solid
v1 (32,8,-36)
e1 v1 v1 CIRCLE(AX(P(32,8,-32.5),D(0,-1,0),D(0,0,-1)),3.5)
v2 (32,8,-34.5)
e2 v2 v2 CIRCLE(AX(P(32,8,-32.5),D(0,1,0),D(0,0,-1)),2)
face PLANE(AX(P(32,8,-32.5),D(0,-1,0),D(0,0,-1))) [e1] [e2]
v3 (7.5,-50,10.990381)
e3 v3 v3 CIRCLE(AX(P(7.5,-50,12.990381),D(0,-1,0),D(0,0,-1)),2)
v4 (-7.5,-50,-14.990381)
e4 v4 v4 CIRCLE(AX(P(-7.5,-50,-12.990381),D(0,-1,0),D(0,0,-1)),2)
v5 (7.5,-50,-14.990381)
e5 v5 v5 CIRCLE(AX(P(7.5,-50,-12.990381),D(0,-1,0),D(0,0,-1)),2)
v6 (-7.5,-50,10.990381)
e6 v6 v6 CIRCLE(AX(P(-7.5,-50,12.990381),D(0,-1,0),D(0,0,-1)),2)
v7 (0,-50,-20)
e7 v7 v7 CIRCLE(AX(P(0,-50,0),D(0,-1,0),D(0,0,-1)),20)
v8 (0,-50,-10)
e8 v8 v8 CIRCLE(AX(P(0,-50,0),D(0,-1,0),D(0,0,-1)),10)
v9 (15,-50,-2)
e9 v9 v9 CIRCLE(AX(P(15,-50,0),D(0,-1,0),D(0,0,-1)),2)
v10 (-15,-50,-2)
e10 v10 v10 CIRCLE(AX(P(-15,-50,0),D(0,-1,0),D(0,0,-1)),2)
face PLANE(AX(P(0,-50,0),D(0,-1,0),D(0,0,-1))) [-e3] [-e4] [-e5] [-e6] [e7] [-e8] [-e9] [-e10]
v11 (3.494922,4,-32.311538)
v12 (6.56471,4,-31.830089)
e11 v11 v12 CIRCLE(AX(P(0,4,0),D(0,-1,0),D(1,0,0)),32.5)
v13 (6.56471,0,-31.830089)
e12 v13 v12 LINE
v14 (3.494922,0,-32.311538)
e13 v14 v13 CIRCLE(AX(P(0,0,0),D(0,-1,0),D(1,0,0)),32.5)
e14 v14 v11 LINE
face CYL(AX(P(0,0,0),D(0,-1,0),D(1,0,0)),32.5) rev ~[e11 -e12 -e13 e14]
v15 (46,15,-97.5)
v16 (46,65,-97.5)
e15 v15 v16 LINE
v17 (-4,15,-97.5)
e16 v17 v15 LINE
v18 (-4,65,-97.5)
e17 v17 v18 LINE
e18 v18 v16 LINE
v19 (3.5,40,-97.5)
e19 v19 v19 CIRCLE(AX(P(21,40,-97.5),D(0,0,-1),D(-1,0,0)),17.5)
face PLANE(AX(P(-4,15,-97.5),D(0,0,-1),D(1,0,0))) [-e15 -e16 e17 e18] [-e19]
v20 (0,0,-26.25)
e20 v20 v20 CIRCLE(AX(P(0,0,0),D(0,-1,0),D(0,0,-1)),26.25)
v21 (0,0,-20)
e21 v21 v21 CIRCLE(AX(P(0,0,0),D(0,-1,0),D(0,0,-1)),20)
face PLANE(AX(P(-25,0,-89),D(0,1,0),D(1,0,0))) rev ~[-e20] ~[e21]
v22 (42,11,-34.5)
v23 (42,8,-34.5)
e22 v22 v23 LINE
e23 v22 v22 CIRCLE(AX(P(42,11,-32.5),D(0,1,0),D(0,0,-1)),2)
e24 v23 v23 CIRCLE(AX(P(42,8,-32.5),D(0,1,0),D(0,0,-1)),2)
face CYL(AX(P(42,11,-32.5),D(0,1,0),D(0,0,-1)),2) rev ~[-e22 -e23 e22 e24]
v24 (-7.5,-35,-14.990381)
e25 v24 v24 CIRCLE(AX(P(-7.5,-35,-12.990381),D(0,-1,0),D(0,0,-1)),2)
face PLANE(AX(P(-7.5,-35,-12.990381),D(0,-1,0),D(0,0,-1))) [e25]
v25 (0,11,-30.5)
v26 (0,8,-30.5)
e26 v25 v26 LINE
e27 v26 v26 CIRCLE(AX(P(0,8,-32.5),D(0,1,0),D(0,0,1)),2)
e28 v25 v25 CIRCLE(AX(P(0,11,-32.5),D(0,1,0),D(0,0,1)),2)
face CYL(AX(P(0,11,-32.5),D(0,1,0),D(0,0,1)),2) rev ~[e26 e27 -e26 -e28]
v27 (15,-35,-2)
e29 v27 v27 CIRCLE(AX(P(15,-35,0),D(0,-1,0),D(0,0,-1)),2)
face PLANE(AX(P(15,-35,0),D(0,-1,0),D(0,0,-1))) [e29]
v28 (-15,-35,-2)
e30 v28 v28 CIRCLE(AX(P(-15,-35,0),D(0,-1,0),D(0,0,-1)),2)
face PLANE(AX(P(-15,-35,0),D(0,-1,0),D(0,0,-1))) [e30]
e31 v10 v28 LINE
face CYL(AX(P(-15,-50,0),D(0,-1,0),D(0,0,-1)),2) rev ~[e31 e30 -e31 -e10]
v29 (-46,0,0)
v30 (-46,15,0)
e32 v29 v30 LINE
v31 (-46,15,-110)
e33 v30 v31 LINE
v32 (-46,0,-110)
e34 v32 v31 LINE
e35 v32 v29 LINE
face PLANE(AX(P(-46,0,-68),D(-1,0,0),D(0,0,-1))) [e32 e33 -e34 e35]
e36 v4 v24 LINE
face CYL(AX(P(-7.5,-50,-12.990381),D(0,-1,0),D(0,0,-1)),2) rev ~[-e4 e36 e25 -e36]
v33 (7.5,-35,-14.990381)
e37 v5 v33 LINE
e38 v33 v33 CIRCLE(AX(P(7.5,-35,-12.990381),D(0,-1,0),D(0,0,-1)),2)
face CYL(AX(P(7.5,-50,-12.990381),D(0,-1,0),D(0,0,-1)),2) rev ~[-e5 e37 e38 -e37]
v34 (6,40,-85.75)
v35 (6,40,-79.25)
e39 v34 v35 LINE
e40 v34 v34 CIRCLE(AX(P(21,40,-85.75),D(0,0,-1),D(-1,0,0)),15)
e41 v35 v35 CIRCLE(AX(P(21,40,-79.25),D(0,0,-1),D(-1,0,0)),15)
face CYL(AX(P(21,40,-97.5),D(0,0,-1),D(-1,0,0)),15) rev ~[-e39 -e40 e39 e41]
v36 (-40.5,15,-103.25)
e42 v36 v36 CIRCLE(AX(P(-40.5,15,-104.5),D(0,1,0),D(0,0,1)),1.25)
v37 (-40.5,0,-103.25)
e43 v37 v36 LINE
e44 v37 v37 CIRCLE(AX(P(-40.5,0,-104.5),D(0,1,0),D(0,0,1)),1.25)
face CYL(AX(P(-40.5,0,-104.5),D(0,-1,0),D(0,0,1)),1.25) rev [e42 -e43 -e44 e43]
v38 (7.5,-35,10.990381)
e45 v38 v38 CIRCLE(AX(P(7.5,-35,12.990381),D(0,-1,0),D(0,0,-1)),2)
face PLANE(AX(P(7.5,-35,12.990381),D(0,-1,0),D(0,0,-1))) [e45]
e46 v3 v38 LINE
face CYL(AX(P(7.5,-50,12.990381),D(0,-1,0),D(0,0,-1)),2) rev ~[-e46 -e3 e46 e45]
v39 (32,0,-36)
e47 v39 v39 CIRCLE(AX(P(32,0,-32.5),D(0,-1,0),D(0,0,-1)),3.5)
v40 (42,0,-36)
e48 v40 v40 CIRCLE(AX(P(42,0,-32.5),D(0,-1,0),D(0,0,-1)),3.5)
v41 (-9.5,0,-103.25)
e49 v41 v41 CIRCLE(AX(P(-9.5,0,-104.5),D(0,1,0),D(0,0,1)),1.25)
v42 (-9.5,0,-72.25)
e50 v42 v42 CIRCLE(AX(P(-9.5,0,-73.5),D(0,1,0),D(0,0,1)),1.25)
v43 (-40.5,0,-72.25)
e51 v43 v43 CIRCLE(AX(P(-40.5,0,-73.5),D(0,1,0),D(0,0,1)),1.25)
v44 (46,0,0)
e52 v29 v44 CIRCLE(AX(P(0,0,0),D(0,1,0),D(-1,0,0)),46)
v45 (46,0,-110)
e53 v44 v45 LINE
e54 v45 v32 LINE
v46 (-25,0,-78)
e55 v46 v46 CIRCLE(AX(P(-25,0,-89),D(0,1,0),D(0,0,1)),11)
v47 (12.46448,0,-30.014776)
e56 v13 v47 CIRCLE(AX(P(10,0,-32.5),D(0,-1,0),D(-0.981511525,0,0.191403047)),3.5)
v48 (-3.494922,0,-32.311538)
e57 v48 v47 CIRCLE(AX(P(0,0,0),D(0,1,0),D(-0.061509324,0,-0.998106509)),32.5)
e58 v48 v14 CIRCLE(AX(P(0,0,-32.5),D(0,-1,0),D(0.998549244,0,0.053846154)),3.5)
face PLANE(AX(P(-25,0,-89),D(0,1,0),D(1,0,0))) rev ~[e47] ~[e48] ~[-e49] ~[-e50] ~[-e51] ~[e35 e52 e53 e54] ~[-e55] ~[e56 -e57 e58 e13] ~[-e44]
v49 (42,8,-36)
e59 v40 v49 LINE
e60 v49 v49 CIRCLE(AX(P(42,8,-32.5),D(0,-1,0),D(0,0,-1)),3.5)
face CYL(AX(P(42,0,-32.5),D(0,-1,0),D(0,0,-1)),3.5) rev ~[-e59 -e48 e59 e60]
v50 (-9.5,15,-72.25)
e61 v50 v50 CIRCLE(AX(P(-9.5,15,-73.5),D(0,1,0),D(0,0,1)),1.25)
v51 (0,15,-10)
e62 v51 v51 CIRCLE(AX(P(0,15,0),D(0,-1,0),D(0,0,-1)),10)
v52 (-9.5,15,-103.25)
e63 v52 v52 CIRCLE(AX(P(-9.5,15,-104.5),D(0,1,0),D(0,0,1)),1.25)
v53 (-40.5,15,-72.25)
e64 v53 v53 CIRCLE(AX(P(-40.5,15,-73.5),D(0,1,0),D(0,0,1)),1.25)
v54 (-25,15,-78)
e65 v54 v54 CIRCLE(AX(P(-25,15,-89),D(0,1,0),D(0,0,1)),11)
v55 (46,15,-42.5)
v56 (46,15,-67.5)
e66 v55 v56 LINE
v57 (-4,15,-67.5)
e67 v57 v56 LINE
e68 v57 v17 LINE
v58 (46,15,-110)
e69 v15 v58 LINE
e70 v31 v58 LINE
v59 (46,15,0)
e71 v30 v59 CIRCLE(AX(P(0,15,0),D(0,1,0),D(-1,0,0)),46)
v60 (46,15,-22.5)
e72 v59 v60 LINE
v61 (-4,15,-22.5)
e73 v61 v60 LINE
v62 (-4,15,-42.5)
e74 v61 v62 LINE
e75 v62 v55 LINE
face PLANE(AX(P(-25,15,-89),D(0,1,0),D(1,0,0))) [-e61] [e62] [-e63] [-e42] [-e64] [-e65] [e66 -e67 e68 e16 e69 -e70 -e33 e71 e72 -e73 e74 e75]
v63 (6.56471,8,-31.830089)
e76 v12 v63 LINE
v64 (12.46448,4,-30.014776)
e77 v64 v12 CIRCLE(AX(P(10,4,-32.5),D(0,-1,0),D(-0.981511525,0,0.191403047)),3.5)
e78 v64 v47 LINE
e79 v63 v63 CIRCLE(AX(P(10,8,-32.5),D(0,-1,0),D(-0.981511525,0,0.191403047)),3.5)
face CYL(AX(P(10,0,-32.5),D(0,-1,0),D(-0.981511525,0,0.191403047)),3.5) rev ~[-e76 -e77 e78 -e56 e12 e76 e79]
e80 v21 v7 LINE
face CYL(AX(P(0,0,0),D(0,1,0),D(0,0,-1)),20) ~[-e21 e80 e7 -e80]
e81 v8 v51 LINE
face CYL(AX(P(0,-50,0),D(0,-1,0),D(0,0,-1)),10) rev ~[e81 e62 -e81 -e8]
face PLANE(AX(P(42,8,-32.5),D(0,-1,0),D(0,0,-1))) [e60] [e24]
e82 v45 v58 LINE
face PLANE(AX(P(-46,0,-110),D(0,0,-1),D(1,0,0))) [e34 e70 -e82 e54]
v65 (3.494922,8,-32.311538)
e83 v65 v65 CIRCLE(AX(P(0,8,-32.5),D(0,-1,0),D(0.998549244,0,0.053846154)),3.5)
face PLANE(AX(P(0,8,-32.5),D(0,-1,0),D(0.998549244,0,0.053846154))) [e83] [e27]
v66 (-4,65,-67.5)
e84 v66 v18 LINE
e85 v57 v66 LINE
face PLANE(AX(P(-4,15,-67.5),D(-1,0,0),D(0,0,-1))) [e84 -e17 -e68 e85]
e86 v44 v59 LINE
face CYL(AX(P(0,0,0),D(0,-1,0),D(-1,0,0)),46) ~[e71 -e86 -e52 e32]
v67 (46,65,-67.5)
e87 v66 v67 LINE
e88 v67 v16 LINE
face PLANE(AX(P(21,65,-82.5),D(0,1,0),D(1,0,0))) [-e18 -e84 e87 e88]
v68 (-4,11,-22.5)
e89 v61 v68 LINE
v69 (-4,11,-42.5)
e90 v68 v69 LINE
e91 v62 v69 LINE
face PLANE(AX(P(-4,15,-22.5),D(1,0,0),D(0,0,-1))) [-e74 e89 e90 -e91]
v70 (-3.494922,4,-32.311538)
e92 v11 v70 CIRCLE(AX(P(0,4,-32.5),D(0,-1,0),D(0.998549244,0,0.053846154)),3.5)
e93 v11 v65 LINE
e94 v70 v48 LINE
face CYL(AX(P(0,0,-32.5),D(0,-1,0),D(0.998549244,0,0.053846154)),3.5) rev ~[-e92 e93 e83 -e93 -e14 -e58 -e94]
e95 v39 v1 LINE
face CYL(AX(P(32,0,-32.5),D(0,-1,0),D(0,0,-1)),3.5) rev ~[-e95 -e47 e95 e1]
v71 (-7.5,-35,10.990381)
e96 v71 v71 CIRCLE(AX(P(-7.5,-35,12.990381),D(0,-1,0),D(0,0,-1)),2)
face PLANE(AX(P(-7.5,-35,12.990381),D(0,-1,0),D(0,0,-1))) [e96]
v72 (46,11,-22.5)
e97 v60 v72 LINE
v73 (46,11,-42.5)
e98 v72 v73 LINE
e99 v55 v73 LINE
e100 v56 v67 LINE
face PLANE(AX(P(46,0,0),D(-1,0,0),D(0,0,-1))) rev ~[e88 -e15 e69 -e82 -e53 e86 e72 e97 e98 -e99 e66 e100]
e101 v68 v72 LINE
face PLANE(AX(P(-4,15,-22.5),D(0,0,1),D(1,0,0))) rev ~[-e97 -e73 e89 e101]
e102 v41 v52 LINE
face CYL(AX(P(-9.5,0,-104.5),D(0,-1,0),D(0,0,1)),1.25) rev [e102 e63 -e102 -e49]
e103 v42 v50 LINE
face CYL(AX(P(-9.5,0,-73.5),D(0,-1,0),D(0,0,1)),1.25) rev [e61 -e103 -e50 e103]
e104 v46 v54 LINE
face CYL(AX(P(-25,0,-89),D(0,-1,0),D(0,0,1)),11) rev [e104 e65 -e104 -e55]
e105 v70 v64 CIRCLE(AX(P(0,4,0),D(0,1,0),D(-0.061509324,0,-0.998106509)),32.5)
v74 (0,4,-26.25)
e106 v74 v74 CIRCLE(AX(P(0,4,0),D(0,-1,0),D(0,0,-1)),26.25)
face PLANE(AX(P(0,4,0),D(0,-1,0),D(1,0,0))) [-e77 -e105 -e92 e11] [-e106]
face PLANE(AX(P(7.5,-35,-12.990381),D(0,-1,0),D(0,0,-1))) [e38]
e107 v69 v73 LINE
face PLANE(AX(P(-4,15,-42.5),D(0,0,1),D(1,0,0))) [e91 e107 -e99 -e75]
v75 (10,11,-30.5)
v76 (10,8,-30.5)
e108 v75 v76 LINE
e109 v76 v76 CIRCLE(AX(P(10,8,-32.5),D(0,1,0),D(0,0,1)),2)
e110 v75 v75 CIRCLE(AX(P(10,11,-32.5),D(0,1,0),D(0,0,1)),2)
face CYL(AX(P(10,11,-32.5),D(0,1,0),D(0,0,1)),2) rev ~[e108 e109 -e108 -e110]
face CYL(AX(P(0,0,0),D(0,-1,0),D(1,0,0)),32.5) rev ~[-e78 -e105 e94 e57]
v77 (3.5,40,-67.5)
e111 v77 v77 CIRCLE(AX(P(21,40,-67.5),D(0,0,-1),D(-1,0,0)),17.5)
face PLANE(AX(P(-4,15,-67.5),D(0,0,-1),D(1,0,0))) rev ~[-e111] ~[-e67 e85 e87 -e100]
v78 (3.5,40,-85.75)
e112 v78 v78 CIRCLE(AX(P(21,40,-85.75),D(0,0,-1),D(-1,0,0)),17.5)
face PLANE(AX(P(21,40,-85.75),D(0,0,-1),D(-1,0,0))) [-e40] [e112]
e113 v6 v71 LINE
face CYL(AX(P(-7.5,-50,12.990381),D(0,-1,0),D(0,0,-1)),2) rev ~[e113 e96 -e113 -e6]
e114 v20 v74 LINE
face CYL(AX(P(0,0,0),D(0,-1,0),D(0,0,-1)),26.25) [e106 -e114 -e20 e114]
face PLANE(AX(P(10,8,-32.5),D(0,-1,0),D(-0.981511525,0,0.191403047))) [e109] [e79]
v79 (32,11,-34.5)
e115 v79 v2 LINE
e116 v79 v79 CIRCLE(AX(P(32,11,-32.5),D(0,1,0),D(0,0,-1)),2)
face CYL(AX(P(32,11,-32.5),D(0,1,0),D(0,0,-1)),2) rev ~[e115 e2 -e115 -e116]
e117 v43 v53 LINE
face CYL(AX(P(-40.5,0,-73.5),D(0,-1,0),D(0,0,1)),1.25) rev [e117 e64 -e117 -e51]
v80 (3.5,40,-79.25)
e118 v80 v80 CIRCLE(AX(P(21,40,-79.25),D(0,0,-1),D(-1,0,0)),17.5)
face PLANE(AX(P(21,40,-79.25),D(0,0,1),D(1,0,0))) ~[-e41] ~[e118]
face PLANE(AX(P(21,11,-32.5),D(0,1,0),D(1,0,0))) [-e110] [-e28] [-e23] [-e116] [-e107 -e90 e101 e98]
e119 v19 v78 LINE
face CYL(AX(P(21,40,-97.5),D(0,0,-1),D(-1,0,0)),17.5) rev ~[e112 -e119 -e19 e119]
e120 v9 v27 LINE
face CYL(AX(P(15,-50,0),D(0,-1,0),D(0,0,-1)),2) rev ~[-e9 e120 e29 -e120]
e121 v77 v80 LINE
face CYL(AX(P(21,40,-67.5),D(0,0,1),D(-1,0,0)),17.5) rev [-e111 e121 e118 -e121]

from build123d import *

# Parameters (mm, degrees)
SKIZZE1_W                        = 42
SKIZZE1_H                        = 42
SKIZZE1_R                        = 1.25
SKIZZE1_R_2                      = 11
AUFSATZ_LINEAR_AUSTRAGEN1_DEPTH  = 15
SKIZZE2_W                        = 50
SKIZZE2_H                        = 30
AUFSATZ_LINEAR_AUSTRAGEN2_DEPTH  = 50
SKIZZE3_R                        = 15
SCHNITT_LINEAR_AUSTRAGEN9_DEPTH  = 30
SKIZZE4_R                        = 17.5
SCHNITT_LINEAR_AUSTRAGEN10_DEPTH = 11.75
SKIZZE5_W                        = 50
SKIZZE5_H                        = 20
SCHNITT_LINEAR_AUSTRAGEN3_DEPTH  = 4
SKIZZE6_R                        = 2
SCHNITT_LINEAR_AUSTRAGEN4_DEPTH  = 11
SKIZZE8_R                        = 32.5
SKIZZE8_R_2                      = 26.25
SCHNITT_LINEAR_AUSTRAGEN5_DEPTH  = 4
SKIZZE10_R                       = 20
AUFSATZ_LINEAR_AUSTRAGEN3_DEPTH  = 50
SKIZZE11_R                       = 3.5
SCHNITT_LINEAR_AUSTRAGEN6_DEPTH  = 8
SKIZZE12_R                       = 10
SCHNITT_LINEAR_AUSTRAGEN7_DEPTH  = 65
SKIZZE13_R                       = 2
SCHNITT_LINEAR_AUSTRAGEN8_DEPTH  = 15


with BuildPart() as part:
    # Skizze1 → Aufsatz-Linear austragen1 (new body)
    # profile 1 of 4: a face of its own
    with BuildSketch(Plane(origin=(0, 0, 0), x_dir=(1, 0, 0), z_dir=(0, 1, 0))):
        with BuildLine():
            ThreePointArc((46, 0), (0, 46), (-46, 0))
            Line((-46, 0), (46, 0))
        make_face()
    # profile 2 of 4: a face of its own
    with BuildSketch(Plane(origin=(0, 0, 0), x_dir=(1, 0, 0), z_dir=(0, 1, 0))):
        with BuildLine():
            Line((-46, 68), (-46, 0))
            ThreePointArc((-46, 0), (0, 46), (46, 0))
            Line((46, 0), (46, 110))
            Line((46, 110), (-4, 110))
            Line((-4, 110), (-4, 68))
            Line((-4, 68), (-46, 68))
        make_face()
    # profile 3 of 4: a face of its own
    with BuildSketch(Plane(origin=(0, 0, 0), x_dir=(1, 0, 0), z_dir=(0, 1, 0))):
        with BuildLine():
            Line((46, 0), (-46, 0))
            ThreePointArc((-46, 0), (0, -46), (46, 0))
        make_face()
    # profile 4 of 4: a face of its own
    with BuildSketch(Plane(origin=(0, 0, 0), x_dir=(1, 0, 0), z_dir=(0, 1, 0))):
        with Locations((-25, 89)):
            Rectangle(SKIZZE1_W, SKIZZE1_H)
        with Locations(Location((-40.5, 73.5, 0), (0, 0, 270))):
            Circle(SKIZZE1_R, mode=Mode.SUBTRACT)
        with Locations(Location((-25, 89, 0), (0, 0, 270))):
            Circle(SKIZZE1_R_2, mode=Mode.SUBTRACT)
        with Locations(Location((-40.5, 104.5, 0), (0, 0, 270))):
            Circle(SKIZZE1_R, mode=Mode.SUBTRACT)
        with Locations(Location((-9.5, 73.5, 0), (0, 0, 270))):
            Circle(SKIZZE1_R, mode=Mode.SUBTRACT)
        with Locations(Location((-9.5, 104.5, 0), (0, 0, 270))):
            Circle(SKIZZE1_R, mode=Mode.SUBTRACT)
    extrude(amount=AUFSATZ_LINEAR_AUSTRAGEN1_DEPTH)

    # Skizze2 → Aufsatz-Linear austragen2 (add)
    with BuildSketch(Plane(origin=(0, 15, 0), x_dir=(1, 0, 0), z_dir=(0, 1, 0))):
        with Locations((21, 82.5)):
            Rectangle(SKIZZE2_W, SKIZZE2_H)
    extrude(amount=AUFSATZ_LINEAR_AUSTRAGEN2_DEPTH)

    # Skizze3 → Schnitt-Linear austragen9 (cut)
    with BuildSketch(Plane(origin=(0, 0, -97.5), x_dir=(-1, 0, 0), z_dir=(0, 0, -1))):
        with Locations((-21, 40)):
            Circle(SKIZZE3_R)
    extrude(amount=-SCHNITT_LINEAR_AUSTRAGEN9_DEPTH, mode=Mode.SUBTRACT)

    # Skizze4 → Schnitt-Linear austragen10 (cut)
    with BuildSketch(Plane(origin=(0, 0, -97.5), x_dir=(-1, 0, 0), z_dir=(0, 0, -1))):
        with Locations((-21, 40)):
            Circle(SKIZZE4_R)
    schnitt_linear_austragen10 = extrude(amount=-SCHNITT_LINEAR_AUSTRAGEN10_DEPTH, mode=Mode.SUBTRACT)

    # Skizze5 → Schnitt-Linear austragen3 (cut)
    with BuildSketch(Plane(origin=(0, 15, 0), x_dir=(1, 0, 0), z_dir=(0, 1, 0))):
        with Locations((21, 32.5)):
            Rectangle(SKIZZE5_W, SKIZZE5_H)
    extrude(amount=-SCHNITT_LINEAR_AUSTRAGEN3_DEPTH, mode=Mode.SUBTRACT)

    # Skizze6 → Schnitt-Linear austragen4 (cut)
    with BuildSketch(Plane(origin=(0, 11, 0), x_dir=(1, 0, 0), z_dir=(0, 1, 0))):
        with Locations(Location((0, 32.5, 0), (0, 0, 270))):
            Circle(SKIZZE6_R)
        with Locations(Location((42, 32.5, 0), (0, 0, 90))):
            Circle(SKIZZE6_R)
        with Locations(Location((10, 32.5, 0), (0, 0, 270))):
            Circle(SKIZZE6_R)
        with Locations(Location((32, 32.5, 0), (0, 0, 90))):
            Circle(SKIZZE6_R)
    extrude(amount=-SCHNITT_LINEAR_AUSTRAGEN4_DEPTH, mode=Mode.SUBTRACT)

    # Skizze8 → Schnitt-Linear austragen5 (cut)
    with BuildSketch(Plane.XZ):
        Circle(SKIZZE8_R)
        with Locations(Location((0, 0, 0), (0, 0, 270))):
            Circle(SKIZZE8_R_2, mode=Mode.SUBTRACT)
    extrude(amount=-SCHNITT_LINEAR_AUSTRAGEN5_DEPTH, mode=Mode.SUBTRACT)

    # Skizze10 → Aufsatz-Linear austragen3 (add)
    with BuildSketch(Plane.XZ):
        with Locations(Location((0, 0, 0), (0, 0, 270))):
            Circle(SKIZZE10_R)
    extrude(amount=AUFSATZ_LINEAR_AUSTRAGEN3_DEPTH)

    # Skizze11 → Schnitt-Linear austragen6 (cut)
    with BuildSketch(Plane.XZ):
        with Locations(Location((0, -32.5, 0), (0, 0, 3.086650162))):
            Circle(SKIZZE11_R)
        with Locations(Location((10, -32.5, 0), (0, 0, 168.965324237))):
            Circle(SKIZZE11_R)
        with Locations(Location((32, -32.5, 0), (0, 0, 270))):
            Circle(SKIZZE11_R)
        with Locations(Location((42, -32.5, 0), (0, 0, 270))):
            Circle(SKIZZE11_R)
    extrude(amount=-SCHNITT_LINEAR_AUSTRAGEN6_DEPTH, mode=Mode.SUBTRACT)

    # Skizze12 → Schnitt-Linear austragen7 (cut)
    with BuildSketch(Plane.XZ.offset(50)):
        with Locations(Location((0, 0, 0), (0, 0, 270))):
            Circle(SKIZZE12_R)
    extrude(amount=-SCHNITT_LINEAR_AUSTRAGEN7_DEPTH, mode=Mode.SUBTRACT)

    # Skizze13 → Schnitt-Linear austragen8 (cut)
    with BuildSketch(Plane.XZ.offset(50)):
        with Locations(Location((15, 0, 0), (0, 0, 270))):
            Circle(SKIZZE13_R)
        with Locations(Location((7.5, -12.990381057, 0), (0, 0, 270))):
            Circle(SKIZZE13_R)
        with Locations(Location((-7.5, -12.990381057, 0), (0, 0, 270))):
            Circle(SKIZZE13_R)
        with Locations(Location((-15, 0, 0), (0, 0, 270))):
            Circle(SKIZZE13_R)
        with Locations(Location((-7.5, 12.990381057, 0), (0, 0, 270))):
            Circle(SKIZZE13_R)
        with Locations(Location((7.5, 12.990381057, 0), (0, 0, 270))):
            Circle(SKIZZE13_R)
    extrude(amount=-SCHNITT_LINEAR_AUSTRAGEN8_DEPTH, mode=Mode.SUBTRACT)

    # Spiegeln2: Schnitt-Linear austragen10 across plane
    add(schnitt_linear_austragen10.mirror(Plane(origin=(0, 0, -82.5), x_dir=(1, 0, 0), z_dir=(0, 0, -1))), mode=Mode.SUBTRACT)


solid = part.part
